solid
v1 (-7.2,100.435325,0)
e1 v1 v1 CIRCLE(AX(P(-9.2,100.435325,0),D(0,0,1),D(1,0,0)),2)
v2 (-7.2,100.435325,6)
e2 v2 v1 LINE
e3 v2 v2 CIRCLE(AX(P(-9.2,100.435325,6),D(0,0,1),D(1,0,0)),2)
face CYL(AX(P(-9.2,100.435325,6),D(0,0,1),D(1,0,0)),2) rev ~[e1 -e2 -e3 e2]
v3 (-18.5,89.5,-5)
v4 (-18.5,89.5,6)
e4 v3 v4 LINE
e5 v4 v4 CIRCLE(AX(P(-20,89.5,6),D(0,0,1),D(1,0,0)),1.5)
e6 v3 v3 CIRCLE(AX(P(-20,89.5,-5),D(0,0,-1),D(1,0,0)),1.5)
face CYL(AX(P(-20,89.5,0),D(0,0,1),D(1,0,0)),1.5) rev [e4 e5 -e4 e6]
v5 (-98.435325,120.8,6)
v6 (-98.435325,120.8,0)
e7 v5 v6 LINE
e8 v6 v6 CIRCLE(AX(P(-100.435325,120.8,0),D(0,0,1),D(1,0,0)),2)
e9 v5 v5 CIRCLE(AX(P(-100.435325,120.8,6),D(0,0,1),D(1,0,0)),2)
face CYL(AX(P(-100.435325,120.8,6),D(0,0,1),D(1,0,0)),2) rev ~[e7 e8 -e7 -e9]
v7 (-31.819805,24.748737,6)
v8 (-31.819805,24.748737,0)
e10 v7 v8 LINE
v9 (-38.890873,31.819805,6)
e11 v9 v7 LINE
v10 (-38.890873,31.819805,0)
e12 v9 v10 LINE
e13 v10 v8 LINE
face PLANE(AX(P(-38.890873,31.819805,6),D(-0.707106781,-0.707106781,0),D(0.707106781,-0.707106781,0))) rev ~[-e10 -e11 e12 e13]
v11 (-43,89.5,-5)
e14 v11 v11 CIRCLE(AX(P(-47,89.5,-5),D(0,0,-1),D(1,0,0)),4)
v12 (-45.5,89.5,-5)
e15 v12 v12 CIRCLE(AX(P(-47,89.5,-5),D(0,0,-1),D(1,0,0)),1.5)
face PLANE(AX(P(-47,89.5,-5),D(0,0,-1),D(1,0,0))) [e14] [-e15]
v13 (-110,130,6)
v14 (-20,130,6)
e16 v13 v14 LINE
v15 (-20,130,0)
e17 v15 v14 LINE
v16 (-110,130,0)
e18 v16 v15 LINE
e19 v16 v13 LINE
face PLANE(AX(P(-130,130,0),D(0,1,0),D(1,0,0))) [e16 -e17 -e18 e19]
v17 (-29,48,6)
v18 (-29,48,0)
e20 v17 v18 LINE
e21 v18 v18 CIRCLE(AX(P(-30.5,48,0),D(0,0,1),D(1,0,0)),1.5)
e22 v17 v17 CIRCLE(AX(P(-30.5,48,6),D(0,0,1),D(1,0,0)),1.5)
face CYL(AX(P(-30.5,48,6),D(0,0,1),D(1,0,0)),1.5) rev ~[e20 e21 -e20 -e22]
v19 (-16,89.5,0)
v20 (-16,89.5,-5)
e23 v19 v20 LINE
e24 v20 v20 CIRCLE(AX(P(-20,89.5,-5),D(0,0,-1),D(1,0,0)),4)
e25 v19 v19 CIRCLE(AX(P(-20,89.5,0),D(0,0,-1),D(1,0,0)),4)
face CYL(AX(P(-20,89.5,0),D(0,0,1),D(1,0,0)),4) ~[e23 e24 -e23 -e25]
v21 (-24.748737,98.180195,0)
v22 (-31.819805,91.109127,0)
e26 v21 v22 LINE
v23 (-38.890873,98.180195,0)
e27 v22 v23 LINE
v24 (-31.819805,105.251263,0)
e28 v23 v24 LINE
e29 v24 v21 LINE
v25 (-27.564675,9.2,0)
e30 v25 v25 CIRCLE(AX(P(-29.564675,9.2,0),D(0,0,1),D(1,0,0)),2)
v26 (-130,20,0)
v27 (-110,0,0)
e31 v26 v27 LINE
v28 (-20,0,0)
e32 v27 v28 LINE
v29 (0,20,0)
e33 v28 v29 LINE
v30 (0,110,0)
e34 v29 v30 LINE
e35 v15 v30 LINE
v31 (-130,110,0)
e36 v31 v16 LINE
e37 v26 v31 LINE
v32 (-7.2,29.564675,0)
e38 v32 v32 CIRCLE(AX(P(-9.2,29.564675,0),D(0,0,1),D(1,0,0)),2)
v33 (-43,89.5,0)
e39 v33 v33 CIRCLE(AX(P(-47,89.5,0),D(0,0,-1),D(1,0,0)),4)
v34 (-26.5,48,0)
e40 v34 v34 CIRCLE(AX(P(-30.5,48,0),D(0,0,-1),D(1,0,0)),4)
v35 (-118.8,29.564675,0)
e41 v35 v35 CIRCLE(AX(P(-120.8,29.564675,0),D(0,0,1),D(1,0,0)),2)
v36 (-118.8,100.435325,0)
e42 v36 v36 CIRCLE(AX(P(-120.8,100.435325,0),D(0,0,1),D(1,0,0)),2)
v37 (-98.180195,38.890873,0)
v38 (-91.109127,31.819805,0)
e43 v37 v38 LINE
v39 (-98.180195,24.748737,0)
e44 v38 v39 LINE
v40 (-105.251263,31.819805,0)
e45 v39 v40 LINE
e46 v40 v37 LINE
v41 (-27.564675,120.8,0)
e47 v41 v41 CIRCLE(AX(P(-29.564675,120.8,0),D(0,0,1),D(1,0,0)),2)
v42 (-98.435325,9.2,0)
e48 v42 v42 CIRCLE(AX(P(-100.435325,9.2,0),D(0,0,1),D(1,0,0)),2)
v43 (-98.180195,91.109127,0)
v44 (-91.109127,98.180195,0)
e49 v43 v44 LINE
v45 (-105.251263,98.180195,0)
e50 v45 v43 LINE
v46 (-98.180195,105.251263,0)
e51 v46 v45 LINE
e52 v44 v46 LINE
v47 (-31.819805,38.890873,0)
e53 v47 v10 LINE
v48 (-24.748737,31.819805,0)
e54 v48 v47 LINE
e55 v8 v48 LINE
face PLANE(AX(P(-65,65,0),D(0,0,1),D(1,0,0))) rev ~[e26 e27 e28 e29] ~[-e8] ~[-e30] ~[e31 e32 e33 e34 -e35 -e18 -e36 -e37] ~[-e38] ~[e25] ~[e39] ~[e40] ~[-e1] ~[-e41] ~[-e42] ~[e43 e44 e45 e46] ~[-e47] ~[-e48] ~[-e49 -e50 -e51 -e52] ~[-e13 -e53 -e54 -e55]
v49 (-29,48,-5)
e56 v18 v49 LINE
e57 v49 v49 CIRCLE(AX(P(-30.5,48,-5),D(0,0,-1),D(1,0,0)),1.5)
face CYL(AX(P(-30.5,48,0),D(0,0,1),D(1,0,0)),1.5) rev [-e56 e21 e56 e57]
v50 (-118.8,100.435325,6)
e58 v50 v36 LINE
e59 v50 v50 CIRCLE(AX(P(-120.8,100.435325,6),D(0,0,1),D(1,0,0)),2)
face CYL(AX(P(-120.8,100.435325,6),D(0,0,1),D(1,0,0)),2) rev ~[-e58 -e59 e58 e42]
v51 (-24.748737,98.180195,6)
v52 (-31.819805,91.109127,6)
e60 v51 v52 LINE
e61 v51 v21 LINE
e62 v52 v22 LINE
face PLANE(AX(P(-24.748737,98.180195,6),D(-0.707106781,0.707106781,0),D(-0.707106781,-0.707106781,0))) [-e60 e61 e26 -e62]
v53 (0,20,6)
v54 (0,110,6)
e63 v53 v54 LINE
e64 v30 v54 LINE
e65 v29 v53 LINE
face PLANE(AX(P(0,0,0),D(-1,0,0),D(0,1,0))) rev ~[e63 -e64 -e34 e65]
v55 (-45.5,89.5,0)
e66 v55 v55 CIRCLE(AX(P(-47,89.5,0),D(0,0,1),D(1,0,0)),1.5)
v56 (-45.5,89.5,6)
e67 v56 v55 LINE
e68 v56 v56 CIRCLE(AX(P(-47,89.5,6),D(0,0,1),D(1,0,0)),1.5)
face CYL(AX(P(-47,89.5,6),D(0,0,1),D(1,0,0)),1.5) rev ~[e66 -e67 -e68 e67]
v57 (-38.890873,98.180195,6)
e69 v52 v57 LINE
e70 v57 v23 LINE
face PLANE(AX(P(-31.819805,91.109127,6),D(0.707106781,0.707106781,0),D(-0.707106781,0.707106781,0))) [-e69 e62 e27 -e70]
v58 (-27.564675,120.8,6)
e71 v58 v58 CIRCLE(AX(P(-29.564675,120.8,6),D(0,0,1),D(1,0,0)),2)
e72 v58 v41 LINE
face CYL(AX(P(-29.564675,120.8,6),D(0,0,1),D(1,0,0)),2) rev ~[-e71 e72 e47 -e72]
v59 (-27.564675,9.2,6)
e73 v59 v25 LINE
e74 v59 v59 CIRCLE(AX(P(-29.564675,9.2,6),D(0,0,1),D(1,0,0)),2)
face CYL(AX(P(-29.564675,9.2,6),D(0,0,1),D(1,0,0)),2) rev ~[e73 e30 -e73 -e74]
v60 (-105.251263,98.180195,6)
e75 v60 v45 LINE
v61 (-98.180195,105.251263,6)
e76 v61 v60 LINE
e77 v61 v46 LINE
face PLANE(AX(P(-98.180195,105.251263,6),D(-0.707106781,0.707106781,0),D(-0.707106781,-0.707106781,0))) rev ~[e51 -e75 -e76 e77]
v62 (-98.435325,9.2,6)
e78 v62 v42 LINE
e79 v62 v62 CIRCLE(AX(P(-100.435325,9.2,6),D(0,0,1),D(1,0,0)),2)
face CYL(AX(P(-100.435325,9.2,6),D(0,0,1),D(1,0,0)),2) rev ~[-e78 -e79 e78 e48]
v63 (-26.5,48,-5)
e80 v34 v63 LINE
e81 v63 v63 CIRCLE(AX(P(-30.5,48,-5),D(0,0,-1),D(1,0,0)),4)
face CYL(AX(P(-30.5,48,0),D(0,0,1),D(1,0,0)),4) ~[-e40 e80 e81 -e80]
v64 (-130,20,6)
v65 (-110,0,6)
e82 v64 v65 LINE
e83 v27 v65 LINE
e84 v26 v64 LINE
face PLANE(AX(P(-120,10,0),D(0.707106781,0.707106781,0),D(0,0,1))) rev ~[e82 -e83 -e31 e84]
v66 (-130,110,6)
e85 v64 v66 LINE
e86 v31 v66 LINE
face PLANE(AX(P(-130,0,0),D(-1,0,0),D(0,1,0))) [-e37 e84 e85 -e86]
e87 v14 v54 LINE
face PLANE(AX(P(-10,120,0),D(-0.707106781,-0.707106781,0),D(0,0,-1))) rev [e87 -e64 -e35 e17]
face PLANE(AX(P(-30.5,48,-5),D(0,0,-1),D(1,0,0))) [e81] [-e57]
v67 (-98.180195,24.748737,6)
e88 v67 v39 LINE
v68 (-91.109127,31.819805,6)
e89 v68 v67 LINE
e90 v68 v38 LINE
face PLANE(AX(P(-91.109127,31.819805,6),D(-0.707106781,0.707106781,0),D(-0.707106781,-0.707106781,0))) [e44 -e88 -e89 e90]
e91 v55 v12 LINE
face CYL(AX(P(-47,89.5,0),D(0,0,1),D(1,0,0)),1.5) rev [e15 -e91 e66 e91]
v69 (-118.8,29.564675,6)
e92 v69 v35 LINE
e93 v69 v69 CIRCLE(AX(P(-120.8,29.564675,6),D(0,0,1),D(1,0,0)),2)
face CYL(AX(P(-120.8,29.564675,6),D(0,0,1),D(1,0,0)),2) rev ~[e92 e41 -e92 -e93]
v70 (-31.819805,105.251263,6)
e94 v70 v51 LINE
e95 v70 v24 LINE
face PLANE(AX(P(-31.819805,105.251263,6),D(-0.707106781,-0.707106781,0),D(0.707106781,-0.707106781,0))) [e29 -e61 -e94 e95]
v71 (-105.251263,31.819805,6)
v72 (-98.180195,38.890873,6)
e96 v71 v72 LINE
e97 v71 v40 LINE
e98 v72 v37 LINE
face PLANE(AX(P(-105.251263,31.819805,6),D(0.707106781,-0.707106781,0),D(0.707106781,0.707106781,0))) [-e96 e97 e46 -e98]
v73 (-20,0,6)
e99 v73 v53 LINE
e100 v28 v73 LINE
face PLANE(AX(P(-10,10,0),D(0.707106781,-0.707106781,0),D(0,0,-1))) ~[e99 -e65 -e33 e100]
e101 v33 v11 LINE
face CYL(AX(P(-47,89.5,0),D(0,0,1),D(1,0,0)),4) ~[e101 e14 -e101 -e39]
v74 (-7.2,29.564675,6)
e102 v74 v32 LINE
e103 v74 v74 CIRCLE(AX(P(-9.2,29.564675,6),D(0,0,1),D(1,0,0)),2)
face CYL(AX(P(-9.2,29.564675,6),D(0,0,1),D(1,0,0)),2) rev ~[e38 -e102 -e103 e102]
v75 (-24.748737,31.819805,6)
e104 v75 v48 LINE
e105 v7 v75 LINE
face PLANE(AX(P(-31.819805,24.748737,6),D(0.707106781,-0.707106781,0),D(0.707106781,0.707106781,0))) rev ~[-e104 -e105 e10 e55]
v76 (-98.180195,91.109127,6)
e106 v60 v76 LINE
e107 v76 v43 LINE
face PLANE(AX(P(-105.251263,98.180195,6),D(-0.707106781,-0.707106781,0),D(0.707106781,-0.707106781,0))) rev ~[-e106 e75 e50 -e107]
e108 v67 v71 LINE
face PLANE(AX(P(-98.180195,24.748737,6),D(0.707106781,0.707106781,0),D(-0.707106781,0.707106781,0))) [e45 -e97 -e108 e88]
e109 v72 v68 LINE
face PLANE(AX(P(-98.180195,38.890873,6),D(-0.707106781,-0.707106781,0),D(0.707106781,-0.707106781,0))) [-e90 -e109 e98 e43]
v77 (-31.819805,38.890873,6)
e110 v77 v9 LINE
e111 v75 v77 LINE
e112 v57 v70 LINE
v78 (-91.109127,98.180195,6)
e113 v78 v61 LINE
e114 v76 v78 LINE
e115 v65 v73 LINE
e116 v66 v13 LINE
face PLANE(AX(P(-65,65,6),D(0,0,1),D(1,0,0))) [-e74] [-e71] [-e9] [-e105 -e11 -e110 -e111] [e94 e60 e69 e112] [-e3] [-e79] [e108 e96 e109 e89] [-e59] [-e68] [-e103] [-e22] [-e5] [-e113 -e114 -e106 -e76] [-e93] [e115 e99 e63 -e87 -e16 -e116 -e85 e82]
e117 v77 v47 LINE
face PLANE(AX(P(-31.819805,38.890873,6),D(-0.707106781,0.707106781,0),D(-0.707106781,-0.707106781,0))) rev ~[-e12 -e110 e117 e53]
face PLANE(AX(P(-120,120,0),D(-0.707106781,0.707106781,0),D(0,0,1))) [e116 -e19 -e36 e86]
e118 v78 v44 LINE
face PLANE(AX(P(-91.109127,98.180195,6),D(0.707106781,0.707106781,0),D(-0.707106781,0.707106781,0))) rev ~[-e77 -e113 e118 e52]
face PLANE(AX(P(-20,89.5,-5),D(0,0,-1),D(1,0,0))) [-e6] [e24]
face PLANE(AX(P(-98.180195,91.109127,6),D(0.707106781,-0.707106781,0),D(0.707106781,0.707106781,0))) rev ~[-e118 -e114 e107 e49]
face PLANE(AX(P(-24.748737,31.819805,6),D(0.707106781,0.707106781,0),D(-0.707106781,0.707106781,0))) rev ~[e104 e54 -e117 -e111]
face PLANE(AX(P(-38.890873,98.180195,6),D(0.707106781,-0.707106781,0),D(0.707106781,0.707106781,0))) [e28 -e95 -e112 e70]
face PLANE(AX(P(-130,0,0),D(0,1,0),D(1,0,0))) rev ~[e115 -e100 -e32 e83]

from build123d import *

# Parameters (mm, degrees)
SKETCH_1_W          = 130
SKETCH_1_H          = 130
EXTRUDE_1_DEPTH     = 6
CUT_EXTRUDE_1_DEPTH = 6
CUT_EXTRUDE_2_REACH = 185.946
SKETCH_11_R         = 2
CHAMFER_1_SIZE      = 20
CUT_EXTRUDE_3_REACH = 185.946
SKETCH_12_R         = 1.5
SKETCH_13_R         = 4
SKETCH_13_R_2       = 1.5
EXTRUDE_2_DEPTH     = 5


with BuildPart() as part:
    # 草圖1 → 填料-伸長1 (new body)
    with BuildSketch(Plane.XY):
        with Locations((-65, 65)):
            Rectangle(SKETCH_1_W, SKETCH_1_H)
    extrude(amount=EXTRUDE_1_DEPTH)

    # 草圖10 → 除料-伸長1 (cut)
    with BuildSketch(Plane.XY.offset(6)):
        Polygon((-38.890872965, 98.180194847), (-31.819805153, 105.251262658), (-24.748737342, 98.180194847), (-31.819805153, 91.109127035), align=None)
        Polygon((-98.180194847, 105.251262658), (-105.251262658, 98.180194847), (-98.180194847, 91.109127035), (-91.109127035, 98.180194847), align=None)
        Polygon((-91.109127035, 31.819805153), (-98.180194847, 24.748737342), (-105.251262658, 31.819805153), (-98.180194847, 38.890872965), align=None)
        Polygon((-31.819805153, 24.748737342), (-24.748737342, 31.819805153), (-31.819805153, 38.890872965), (-38.890872965, 31.819805153), align=None)
    extrude(amount=-CUT_EXTRUDE_1_DEPTH, mode=Mode.SUBTRACT)

    # 草圖11 → 除料-伸長2 (cut, up to next)
    with BuildSketch(Plane.XY.offset(6), mode=Mode.PRIVATE) as cut_extrude_2_sk1:
        with Locations((-9.2, 100.435324702)):
            Circle(SKETCH_11_R)
    cut_extrude_2_tool1 = extrude(cut_extrude_2_sk1.sketch, amount=-CUT_EXTRUDE_2_REACH, mode=Mode.PRIVATE) & part.part
    # 草圖11 → 除料-伸長2 (cut, up to next)
    with BuildSketch(Plane.XY.offset(6), mode=Mode.PRIVATE) as cut_extrude_2_sk2:
        with Locations((-29.564675298, 120.8)):
            Circle(SKETCH_11_R)
    cut_extrude_2_tool2 = extrude(cut_extrude_2_sk2.sketch, amount=-CUT_EXTRUDE_2_REACH, mode=Mode.PRIVATE) & part.part
    # 草圖11 → 除料-伸長2 (cut, up to next)
    with BuildSketch(Plane.XY.offset(6), mode=Mode.PRIVATE) as cut_extrude_2_sk3:
        with Locations((-100.435324702, 120.8)):
            Circle(SKETCH_11_R)
    cut_extrude_2_tool3 = extrude(cut_extrude_2_sk3.sketch, amount=-CUT_EXTRUDE_2_REACH, mode=Mode.PRIVATE) & part.part
    # 草圖11 → 除料-伸長2 (cut, up to next)
    with BuildSketch(Plane.XY.offset(6), mode=Mode.PRIVATE) as cut_extrude_2_sk4:
        with Locations((-120.8, 100.435324702)):
            Circle(SKETCH_11_R)
    cut_extrude_2_tool4 = extrude(cut_extrude_2_sk4.sketch, amount=-CUT_EXTRUDE_2_REACH, mode=Mode.PRIVATE) & part.part
    # 草圖11 → 除料-伸長2 (cut, up to next)
    with BuildSketch(Plane.XY.offset(6), mode=Mode.PRIVATE) as cut_extrude_2_sk5:
        with Locations((-120.8, 29.564675298)):
            Circle(SKETCH_11_R)
    cut_extrude_2_tool5 = extrude(cut_extrude_2_sk5.sketch, amount=-CUT_EXTRUDE_2_REACH, mode=Mode.PRIVATE) & part.part
    # 草圖11 → 除料-伸長2 (cut, up to next)
    with BuildSketch(Plane.XY.offset(6), mode=Mode.PRIVATE) as cut_extrude_2_sk6:
        with Locations((-100.435324702, 9.2)):
            Circle(SKETCH_11_R)
    cut_extrude_2_tool6 = extrude(cut_extrude_2_sk6.sketch, amount=-CUT_EXTRUDE_2_REACH, mode=Mode.PRIVATE) & part.part
    # 草圖11 → 除料-伸長2 (cut, up to next)
    with BuildSketch(Plane.XY.offset(6), mode=Mode.PRIVATE) as cut_extrude_2_sk7:
        with Locations((-29.564675298, 9.2)):
            Circle(SKETCH_11_R)
    cut_extrude_2_tool7 = extrude(cut_extrude_2_sk7.sketch, amount=-CUT_EXTRUDE_2_REACH, mode=Mode.PRIVATE) & part.part
    # 草圖11 → 除料-伸長2 (cut, up to next)
    with BuildSketch(Plane.XY.offset(6), mode=Mode.PRIVATE) as cut_extrude_2_sk8:
        with Locations((-9.2, 29.564675298)):
            Circle(SKETCH_11_R)
    cut_extrude_2_tool8 = extrude(cut_extrude_2_sk8.sketch, amount=-CUT_EXTRUDE_2_REACH, mode=Mode.PRIVATE) & part.part
    add(cut_extrude_2_tool1.solids().sort_by_distance((-9.2, 100.435325, 6))[0], mode=Mode.SUBTRACT)
    add(cut_extrude_2_tool2.solids().sort_by_distance((-29.564675, 120.8, 6))[0], mode=Mode.SUBTRACT)
    add(cut_extrude_2_tool3.solids().sort_by_distance((-100.435325, 120.8, 6))[0], mode=Mode.SUBTRACT)
    add(cut_extrude_2_tool4.solids().sort_by_distance((-120.8, 100.435325, 6))[0], mode=Mode.SUBTRACT)
    add(cut_extrude_2_tool5.solids().sort_by_distance((-120.8, 29.564675, 6))[0], mode=Mode.SUBTRACT)
    add(cut_extrude_2_tool6.solids().sort_by_distance((-100.435325, 9.2, 6))[0], mode=Mode.SUBTRACT)
    add(cut_extrude_2_tool7.solids().sort_by_distance((-29.564675, 9.2, 6))[0], mode=Mode.SUBTRACT)
    add(cut_extrude_2_tool8.solids().sort_by_distance((-9.2, 29.564675, 6))[0], mode=Mode.SUBTRACT)

    # 導角1
    chamfer_1_edges = [part.edges().sort_by_distance(p)[0] for p in [
        (-130, 0, 3),
        (-130, 130, 3),
        (0, 130, 3),
        (0, 0, 3),
    ]]
    chamfer(chamfer_1_edges, length=CHAMFER_1_SIZE)

    # 草圖12 → 除料-伸長3 (cut, up to next)
    with BuildSketch(Plane.XY.offset(6), mode=Mode.PRIVATE) as cut_extrude_3_sk1:
        with Locations((-47, 89.5)):
            Circle(SKETCH_12_R)
    cut_extrude_3_tool1 = extrude(cut_extrude_3_sk1.sketch, amount=-CUT_EXTRUDE_3_REACH, mode=Mode.PRIVATE) & part.part
    # 草圖12 → 除料-伸長3 (cut, up to next)
    with BuildSketch(Plane.XY.offset(6), mode=Mode.PRIVATE) as cut_extrude_3_sk2:
        with Locations((-20, 89.5)):
            Circle(SKETCH_12_R)
    cut_extrude_3_tool2 = extrude(cut_extrude_3_sk2.sketch, amount=-CUT_EXTRUDE_3_REACH, mode=Mode.PRIVATE) & part.part
    # 草圖12 → 除料-伸長3 (cut, up to next)
    with BuildSketch(Plane.XY.offset(6), mode=Mode.PRIVATE) as cut_extrude_3_sk3:
        with Locations((-30.5, 48)):
            Circle(SKETCH_12_R)
    cut_extrude_3_tool3 = extrude(cut_extrude_3_sk3.sketch, amount=-CUT_EXTRUDE_3_REACH, mode=Mode.PRIVATE) & part.part
    add(cut_extrude_3_tool1.solids().sort_by_distance((-47, 89.5, 6))[0], mode=Mode.SUBTRACT)
    add(cut_extrude_3_tool2.solids().sort_by_distance((-20, 89.5, 6))[0], mode=Mode.SUBTRACT)
    add(cut_extrude_3_tool3.solids().sort_by_distance((-30.5, 48, 6))[0], mode=Mode.SUBTRACT)

    # 草圖13 → 填料-伸長2 (add)
    # profile 1 of 3: a face of its own
    with BuildSketch(Plane(origin=(0, 0, 0), x_dir=(-1, 0, 0), z_dir=(0, 0, -1))):
        with Locations(Location((20, 89.5, 0), (0, 0, 180))):
            Circle(SKETCH_13_R)
        with Locations(Location((20, 89.5, 0), (0, 0, 180))):
            Circle(SKETCH_13_R_2, mode=Mode.SUBTRACT)
    # profile 2 of 3: a face of its own
    with BuildSketch(Plane(origin=(0, 0, 0), x_dir=(-1, 0, 0), z_dir=(0, 0, -1))):
        with Locations(Location((47, 89.5, 0), (0, 0, 180))):
            Circle(SKETCH_13_R)
        with Locations(Location((47, 89.5, 0), (0, 0, 180))):
            Circle(SKETCH_13_R_2, mode=Mode.SUBTRACT)
    # profile 3 of 3: a face of its own
    with BuildSketch(Plane(origin=(0, 0, 0), x_dir=(-1, 0, 0), z_dir=(0, 0, -1))):
        with Locations(Location((30.5, 48, 0), (0, 0, 180))):
            Circle(SKETCH_13_R)
        with Locations(Location((30.5, 48, 0), (0, 0, 180))):
            Circle(SKETCH_13_R_2, mode=Mode.SUBTRACT)
    extrude(amount=EXTRUDE_2_DEPTH)


solid = part.part
